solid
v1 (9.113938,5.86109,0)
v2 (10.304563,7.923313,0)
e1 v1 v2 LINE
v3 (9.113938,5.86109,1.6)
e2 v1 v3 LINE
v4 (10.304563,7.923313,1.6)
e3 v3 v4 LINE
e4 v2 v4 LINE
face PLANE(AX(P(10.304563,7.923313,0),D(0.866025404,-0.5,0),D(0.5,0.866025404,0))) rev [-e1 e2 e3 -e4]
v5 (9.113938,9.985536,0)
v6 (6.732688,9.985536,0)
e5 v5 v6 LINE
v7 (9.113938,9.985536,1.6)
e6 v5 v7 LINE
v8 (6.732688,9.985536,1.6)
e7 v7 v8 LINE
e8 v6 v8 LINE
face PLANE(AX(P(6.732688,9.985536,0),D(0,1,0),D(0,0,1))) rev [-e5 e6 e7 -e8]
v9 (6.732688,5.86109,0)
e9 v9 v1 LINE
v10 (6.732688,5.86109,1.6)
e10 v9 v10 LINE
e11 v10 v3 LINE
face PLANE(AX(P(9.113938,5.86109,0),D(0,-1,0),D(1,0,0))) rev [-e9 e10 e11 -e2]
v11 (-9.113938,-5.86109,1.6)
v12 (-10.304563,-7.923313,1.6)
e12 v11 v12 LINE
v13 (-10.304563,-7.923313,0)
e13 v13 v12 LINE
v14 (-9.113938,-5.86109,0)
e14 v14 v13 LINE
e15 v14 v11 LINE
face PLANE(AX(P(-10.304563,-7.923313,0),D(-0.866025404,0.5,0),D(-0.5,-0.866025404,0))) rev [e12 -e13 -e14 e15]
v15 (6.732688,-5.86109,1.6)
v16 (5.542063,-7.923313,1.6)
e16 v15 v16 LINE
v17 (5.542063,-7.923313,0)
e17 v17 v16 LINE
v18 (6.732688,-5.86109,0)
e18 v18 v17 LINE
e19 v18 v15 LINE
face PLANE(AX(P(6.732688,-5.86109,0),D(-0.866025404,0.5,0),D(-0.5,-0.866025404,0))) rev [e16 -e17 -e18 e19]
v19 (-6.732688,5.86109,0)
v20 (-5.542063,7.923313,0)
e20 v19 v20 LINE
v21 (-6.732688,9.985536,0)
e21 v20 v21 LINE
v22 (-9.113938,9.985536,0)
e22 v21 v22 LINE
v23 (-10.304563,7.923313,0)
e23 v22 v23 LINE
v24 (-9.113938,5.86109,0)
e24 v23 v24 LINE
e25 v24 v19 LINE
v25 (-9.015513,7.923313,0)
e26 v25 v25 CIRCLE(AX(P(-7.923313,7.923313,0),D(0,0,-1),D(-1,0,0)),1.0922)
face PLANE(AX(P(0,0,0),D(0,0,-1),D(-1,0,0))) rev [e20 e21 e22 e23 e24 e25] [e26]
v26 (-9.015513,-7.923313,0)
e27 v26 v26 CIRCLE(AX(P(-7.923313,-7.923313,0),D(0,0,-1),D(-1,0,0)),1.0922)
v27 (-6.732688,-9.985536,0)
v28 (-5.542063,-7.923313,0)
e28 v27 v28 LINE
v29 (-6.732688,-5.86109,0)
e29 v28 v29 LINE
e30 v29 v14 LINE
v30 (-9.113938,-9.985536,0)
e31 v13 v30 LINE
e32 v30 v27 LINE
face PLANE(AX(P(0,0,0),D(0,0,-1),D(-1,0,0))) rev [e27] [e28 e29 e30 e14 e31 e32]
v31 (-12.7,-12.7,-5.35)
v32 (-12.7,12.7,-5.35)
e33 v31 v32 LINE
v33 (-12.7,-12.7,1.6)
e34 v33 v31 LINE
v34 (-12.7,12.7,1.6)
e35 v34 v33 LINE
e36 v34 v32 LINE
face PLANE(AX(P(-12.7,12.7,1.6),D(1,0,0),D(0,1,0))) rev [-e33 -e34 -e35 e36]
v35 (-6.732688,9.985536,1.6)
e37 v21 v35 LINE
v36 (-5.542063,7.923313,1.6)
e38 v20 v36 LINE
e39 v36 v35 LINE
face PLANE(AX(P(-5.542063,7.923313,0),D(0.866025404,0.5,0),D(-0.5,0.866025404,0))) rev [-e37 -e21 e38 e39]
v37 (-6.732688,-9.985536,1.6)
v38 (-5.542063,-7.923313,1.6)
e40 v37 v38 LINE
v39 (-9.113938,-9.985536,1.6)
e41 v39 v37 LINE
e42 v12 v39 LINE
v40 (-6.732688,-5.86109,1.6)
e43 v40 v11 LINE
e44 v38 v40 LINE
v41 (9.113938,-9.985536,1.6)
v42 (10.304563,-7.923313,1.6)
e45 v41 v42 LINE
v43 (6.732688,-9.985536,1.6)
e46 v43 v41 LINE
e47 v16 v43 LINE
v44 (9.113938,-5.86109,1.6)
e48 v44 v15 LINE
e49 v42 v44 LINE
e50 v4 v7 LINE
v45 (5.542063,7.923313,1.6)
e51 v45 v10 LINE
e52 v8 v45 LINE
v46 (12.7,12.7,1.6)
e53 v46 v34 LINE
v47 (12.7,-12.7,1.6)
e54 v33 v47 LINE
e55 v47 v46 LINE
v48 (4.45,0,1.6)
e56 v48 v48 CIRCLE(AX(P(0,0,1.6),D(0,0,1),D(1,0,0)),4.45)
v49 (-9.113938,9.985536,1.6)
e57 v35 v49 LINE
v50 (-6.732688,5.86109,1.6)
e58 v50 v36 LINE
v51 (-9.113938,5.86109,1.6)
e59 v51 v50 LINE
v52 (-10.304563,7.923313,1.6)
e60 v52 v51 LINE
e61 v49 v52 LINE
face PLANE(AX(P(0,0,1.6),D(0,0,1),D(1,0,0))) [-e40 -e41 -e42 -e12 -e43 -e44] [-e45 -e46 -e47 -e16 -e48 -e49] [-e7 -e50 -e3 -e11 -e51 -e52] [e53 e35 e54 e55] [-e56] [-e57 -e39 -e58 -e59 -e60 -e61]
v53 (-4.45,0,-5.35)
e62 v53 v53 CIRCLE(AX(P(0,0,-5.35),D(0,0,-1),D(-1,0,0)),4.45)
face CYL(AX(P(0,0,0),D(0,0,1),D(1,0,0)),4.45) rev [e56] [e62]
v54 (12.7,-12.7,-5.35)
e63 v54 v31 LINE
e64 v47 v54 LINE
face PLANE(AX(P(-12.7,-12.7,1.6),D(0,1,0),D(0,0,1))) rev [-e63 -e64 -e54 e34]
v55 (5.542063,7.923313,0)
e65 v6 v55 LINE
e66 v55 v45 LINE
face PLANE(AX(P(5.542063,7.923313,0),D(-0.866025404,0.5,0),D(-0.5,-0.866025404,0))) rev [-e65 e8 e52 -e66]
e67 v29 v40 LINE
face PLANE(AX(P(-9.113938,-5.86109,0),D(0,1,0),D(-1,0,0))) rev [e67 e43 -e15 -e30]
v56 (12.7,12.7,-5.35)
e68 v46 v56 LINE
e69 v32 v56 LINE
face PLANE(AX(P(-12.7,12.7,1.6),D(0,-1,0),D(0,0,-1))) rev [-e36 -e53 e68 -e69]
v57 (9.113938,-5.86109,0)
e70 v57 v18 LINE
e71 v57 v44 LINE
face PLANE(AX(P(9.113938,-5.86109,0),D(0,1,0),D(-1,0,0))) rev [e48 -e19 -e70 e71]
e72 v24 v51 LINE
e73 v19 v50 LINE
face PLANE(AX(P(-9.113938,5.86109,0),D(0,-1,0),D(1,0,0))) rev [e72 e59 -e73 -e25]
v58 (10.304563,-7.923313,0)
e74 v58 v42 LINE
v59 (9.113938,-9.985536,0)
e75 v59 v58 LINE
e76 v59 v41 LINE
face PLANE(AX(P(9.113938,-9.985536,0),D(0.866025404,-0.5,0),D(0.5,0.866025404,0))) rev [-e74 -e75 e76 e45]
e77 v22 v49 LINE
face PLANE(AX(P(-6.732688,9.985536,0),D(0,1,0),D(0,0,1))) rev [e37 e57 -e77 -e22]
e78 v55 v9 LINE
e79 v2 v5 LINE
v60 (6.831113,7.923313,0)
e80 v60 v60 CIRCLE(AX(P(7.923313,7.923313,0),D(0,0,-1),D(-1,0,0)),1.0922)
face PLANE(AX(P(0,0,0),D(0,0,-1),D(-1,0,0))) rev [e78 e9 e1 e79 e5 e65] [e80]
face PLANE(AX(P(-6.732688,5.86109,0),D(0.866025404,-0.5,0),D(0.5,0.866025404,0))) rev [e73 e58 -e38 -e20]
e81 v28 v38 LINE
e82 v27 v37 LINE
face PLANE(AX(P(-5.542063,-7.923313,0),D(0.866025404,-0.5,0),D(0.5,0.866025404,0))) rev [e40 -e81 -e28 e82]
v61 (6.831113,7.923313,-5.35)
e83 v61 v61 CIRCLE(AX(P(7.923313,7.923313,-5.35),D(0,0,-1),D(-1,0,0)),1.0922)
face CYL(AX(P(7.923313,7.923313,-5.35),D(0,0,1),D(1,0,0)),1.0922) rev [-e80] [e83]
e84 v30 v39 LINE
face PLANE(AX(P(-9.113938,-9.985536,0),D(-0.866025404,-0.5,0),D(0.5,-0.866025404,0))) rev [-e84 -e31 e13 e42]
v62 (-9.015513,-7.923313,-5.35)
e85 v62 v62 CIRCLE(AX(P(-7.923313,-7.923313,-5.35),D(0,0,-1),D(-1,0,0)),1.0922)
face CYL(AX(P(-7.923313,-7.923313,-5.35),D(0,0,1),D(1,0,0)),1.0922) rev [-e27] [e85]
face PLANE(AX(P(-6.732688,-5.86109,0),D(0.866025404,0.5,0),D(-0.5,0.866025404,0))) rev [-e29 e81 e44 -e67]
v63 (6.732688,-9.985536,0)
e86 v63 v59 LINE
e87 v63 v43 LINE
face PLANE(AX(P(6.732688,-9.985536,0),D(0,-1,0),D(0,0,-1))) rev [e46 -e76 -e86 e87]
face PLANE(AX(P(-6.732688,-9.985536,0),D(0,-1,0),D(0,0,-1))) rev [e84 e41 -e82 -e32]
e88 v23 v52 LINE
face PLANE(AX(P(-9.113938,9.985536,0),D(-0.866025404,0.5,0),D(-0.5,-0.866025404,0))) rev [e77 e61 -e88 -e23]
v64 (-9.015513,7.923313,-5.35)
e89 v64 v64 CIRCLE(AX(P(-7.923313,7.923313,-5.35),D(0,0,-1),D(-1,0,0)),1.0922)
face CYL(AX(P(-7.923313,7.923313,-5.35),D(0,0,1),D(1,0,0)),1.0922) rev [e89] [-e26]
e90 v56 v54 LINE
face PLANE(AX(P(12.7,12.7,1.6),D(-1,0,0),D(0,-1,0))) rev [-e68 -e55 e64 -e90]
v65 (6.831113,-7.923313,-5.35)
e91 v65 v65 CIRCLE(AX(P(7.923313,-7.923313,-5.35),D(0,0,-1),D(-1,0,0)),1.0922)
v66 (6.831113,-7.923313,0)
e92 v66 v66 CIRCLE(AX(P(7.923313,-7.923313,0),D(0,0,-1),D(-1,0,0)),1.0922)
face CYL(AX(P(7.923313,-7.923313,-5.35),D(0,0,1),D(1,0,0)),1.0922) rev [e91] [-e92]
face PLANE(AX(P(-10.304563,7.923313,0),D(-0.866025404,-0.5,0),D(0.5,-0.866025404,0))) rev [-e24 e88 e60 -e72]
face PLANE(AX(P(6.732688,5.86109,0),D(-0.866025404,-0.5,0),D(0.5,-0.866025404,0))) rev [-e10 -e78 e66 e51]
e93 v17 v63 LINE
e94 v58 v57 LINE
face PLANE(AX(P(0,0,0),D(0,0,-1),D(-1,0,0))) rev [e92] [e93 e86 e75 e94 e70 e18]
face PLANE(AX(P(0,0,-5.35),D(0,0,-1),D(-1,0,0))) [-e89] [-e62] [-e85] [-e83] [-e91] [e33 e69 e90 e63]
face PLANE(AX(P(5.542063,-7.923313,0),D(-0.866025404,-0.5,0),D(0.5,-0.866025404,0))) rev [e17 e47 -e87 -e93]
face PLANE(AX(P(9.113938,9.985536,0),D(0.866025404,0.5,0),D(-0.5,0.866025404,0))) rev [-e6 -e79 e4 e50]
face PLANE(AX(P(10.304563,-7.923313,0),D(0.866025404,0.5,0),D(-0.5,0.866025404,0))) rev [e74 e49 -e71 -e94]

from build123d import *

# Parameters (mm, degrees)
SKETCH1_W           = 25.4
SKETCH1_H           = 25.4
BOSS_EXTRUDE1_DEPTH = 1.6
SKETCH2_R           = 4.45
CUT_EXTRUDE1_DEPTH  = 19.031638861
CUT_EXTRUDE2_DEPTH  = 19.031638861
SKETCH4_W           = 25.4
SKETCH4_H           = 25.4
SKETCH4_R           = 1.0922
SKETCH4_R_2         = 4.45
BOSS_EXTRUDE2_DEPTH = 5.35


with BuildPart() as part:
    # Sketch1 → Boss-Extrude1 (new body)
    with BuildSketch(Plane.XY):
        Rectangle(SKETCH1_W, SKETCH1_H)
    extrude(amount=BOSS_EXTRUDE1_DEPTH)

    # Sketch2 → Cut-Extrude1 (cut, through all)
    with BuildSketch(Plane.XY.offset(1.6)):
        Circle(SKETCH2_R)
    extrude(amount=-CUT_EXTRUDE1_DEPTH, mode=Mode.SUBTRACT)

    # Sketch3 → Cut-Extrude2 (cut, through all)
    with BuildSketch(Plane.XY.offset(1.6)):
        Polygon((9.113937588, 5.861089595), (6.732687588, 5.861089595), (5.542062588, 7.923312588), (6.732687588, 9.985535581), (9.113937588, 9.985535581), (10.304562588, 7.923312588), align=None)
        Polygon((-6.732687588, 5.861089595), (-5.542062588, 7.923312588), (-6.732687588, 9.985535581), (-9.113937588, 9.985535581), (-10.304562588, 7.923312588), (-9.113937588, 5.861089595), align=None)
        Polygon((6.732687588, -5.861089595), (5.542062588, -7.923312588), (6.732687588, -9.985535581), (9.113937588, -9.985535581), (10.304562588, -7.923312588), (9.113937588, -5.861089595), align=None)
        Polygon((-9.113937588, -5.861089595), (-6.732687588, -5.861089595), (-5.542062588, -7.923312588), (-6.732687588, -9.985535581), (-9.113937588, -9.985535581), (-10.304562588, -7.923312588), align=None)
    extrude(amount=-CUT_EXTRUDE2_DEPTH, mode=Mode.SUBTRACT)

    # Sketch4 → Boss-Extrude2 (add)
    with BuildSketch(Plane(origin=(0, 0, 0), x_dir=(-1, 0, 0), z_dir=(0, 0, -1))):
        Rectangle(SKETCH4_W, SKETCH4_H)
        with Locations((7.923312588, -7.923312588)):
            Circle(SKETCH4_R, mode=Mode.SUBTRACT)
        with Locations((-7.923312588, -7.923312588)):
            Circle(SKETCH4_R, mode=Mode.SUBTRACT)
        with Locations((7.923312588, 7.923312588)):
            Circle(SKETCH4_R, mode=Mode.SUBTRACT)
        with Locations((-7.923312588, 7.923312588)):
            Circle(SKETCH4_R, mode=Mode.SUBTRACT)
        with Locations(Location((0, 0, 0), (0, 0, 180))):
            Circle(SKETCH4_R_2, mode=Mode.SUBTRACT)
    extrude(amount=BOSS_EXTRUDE2_DEPTH)


solid = part.part
